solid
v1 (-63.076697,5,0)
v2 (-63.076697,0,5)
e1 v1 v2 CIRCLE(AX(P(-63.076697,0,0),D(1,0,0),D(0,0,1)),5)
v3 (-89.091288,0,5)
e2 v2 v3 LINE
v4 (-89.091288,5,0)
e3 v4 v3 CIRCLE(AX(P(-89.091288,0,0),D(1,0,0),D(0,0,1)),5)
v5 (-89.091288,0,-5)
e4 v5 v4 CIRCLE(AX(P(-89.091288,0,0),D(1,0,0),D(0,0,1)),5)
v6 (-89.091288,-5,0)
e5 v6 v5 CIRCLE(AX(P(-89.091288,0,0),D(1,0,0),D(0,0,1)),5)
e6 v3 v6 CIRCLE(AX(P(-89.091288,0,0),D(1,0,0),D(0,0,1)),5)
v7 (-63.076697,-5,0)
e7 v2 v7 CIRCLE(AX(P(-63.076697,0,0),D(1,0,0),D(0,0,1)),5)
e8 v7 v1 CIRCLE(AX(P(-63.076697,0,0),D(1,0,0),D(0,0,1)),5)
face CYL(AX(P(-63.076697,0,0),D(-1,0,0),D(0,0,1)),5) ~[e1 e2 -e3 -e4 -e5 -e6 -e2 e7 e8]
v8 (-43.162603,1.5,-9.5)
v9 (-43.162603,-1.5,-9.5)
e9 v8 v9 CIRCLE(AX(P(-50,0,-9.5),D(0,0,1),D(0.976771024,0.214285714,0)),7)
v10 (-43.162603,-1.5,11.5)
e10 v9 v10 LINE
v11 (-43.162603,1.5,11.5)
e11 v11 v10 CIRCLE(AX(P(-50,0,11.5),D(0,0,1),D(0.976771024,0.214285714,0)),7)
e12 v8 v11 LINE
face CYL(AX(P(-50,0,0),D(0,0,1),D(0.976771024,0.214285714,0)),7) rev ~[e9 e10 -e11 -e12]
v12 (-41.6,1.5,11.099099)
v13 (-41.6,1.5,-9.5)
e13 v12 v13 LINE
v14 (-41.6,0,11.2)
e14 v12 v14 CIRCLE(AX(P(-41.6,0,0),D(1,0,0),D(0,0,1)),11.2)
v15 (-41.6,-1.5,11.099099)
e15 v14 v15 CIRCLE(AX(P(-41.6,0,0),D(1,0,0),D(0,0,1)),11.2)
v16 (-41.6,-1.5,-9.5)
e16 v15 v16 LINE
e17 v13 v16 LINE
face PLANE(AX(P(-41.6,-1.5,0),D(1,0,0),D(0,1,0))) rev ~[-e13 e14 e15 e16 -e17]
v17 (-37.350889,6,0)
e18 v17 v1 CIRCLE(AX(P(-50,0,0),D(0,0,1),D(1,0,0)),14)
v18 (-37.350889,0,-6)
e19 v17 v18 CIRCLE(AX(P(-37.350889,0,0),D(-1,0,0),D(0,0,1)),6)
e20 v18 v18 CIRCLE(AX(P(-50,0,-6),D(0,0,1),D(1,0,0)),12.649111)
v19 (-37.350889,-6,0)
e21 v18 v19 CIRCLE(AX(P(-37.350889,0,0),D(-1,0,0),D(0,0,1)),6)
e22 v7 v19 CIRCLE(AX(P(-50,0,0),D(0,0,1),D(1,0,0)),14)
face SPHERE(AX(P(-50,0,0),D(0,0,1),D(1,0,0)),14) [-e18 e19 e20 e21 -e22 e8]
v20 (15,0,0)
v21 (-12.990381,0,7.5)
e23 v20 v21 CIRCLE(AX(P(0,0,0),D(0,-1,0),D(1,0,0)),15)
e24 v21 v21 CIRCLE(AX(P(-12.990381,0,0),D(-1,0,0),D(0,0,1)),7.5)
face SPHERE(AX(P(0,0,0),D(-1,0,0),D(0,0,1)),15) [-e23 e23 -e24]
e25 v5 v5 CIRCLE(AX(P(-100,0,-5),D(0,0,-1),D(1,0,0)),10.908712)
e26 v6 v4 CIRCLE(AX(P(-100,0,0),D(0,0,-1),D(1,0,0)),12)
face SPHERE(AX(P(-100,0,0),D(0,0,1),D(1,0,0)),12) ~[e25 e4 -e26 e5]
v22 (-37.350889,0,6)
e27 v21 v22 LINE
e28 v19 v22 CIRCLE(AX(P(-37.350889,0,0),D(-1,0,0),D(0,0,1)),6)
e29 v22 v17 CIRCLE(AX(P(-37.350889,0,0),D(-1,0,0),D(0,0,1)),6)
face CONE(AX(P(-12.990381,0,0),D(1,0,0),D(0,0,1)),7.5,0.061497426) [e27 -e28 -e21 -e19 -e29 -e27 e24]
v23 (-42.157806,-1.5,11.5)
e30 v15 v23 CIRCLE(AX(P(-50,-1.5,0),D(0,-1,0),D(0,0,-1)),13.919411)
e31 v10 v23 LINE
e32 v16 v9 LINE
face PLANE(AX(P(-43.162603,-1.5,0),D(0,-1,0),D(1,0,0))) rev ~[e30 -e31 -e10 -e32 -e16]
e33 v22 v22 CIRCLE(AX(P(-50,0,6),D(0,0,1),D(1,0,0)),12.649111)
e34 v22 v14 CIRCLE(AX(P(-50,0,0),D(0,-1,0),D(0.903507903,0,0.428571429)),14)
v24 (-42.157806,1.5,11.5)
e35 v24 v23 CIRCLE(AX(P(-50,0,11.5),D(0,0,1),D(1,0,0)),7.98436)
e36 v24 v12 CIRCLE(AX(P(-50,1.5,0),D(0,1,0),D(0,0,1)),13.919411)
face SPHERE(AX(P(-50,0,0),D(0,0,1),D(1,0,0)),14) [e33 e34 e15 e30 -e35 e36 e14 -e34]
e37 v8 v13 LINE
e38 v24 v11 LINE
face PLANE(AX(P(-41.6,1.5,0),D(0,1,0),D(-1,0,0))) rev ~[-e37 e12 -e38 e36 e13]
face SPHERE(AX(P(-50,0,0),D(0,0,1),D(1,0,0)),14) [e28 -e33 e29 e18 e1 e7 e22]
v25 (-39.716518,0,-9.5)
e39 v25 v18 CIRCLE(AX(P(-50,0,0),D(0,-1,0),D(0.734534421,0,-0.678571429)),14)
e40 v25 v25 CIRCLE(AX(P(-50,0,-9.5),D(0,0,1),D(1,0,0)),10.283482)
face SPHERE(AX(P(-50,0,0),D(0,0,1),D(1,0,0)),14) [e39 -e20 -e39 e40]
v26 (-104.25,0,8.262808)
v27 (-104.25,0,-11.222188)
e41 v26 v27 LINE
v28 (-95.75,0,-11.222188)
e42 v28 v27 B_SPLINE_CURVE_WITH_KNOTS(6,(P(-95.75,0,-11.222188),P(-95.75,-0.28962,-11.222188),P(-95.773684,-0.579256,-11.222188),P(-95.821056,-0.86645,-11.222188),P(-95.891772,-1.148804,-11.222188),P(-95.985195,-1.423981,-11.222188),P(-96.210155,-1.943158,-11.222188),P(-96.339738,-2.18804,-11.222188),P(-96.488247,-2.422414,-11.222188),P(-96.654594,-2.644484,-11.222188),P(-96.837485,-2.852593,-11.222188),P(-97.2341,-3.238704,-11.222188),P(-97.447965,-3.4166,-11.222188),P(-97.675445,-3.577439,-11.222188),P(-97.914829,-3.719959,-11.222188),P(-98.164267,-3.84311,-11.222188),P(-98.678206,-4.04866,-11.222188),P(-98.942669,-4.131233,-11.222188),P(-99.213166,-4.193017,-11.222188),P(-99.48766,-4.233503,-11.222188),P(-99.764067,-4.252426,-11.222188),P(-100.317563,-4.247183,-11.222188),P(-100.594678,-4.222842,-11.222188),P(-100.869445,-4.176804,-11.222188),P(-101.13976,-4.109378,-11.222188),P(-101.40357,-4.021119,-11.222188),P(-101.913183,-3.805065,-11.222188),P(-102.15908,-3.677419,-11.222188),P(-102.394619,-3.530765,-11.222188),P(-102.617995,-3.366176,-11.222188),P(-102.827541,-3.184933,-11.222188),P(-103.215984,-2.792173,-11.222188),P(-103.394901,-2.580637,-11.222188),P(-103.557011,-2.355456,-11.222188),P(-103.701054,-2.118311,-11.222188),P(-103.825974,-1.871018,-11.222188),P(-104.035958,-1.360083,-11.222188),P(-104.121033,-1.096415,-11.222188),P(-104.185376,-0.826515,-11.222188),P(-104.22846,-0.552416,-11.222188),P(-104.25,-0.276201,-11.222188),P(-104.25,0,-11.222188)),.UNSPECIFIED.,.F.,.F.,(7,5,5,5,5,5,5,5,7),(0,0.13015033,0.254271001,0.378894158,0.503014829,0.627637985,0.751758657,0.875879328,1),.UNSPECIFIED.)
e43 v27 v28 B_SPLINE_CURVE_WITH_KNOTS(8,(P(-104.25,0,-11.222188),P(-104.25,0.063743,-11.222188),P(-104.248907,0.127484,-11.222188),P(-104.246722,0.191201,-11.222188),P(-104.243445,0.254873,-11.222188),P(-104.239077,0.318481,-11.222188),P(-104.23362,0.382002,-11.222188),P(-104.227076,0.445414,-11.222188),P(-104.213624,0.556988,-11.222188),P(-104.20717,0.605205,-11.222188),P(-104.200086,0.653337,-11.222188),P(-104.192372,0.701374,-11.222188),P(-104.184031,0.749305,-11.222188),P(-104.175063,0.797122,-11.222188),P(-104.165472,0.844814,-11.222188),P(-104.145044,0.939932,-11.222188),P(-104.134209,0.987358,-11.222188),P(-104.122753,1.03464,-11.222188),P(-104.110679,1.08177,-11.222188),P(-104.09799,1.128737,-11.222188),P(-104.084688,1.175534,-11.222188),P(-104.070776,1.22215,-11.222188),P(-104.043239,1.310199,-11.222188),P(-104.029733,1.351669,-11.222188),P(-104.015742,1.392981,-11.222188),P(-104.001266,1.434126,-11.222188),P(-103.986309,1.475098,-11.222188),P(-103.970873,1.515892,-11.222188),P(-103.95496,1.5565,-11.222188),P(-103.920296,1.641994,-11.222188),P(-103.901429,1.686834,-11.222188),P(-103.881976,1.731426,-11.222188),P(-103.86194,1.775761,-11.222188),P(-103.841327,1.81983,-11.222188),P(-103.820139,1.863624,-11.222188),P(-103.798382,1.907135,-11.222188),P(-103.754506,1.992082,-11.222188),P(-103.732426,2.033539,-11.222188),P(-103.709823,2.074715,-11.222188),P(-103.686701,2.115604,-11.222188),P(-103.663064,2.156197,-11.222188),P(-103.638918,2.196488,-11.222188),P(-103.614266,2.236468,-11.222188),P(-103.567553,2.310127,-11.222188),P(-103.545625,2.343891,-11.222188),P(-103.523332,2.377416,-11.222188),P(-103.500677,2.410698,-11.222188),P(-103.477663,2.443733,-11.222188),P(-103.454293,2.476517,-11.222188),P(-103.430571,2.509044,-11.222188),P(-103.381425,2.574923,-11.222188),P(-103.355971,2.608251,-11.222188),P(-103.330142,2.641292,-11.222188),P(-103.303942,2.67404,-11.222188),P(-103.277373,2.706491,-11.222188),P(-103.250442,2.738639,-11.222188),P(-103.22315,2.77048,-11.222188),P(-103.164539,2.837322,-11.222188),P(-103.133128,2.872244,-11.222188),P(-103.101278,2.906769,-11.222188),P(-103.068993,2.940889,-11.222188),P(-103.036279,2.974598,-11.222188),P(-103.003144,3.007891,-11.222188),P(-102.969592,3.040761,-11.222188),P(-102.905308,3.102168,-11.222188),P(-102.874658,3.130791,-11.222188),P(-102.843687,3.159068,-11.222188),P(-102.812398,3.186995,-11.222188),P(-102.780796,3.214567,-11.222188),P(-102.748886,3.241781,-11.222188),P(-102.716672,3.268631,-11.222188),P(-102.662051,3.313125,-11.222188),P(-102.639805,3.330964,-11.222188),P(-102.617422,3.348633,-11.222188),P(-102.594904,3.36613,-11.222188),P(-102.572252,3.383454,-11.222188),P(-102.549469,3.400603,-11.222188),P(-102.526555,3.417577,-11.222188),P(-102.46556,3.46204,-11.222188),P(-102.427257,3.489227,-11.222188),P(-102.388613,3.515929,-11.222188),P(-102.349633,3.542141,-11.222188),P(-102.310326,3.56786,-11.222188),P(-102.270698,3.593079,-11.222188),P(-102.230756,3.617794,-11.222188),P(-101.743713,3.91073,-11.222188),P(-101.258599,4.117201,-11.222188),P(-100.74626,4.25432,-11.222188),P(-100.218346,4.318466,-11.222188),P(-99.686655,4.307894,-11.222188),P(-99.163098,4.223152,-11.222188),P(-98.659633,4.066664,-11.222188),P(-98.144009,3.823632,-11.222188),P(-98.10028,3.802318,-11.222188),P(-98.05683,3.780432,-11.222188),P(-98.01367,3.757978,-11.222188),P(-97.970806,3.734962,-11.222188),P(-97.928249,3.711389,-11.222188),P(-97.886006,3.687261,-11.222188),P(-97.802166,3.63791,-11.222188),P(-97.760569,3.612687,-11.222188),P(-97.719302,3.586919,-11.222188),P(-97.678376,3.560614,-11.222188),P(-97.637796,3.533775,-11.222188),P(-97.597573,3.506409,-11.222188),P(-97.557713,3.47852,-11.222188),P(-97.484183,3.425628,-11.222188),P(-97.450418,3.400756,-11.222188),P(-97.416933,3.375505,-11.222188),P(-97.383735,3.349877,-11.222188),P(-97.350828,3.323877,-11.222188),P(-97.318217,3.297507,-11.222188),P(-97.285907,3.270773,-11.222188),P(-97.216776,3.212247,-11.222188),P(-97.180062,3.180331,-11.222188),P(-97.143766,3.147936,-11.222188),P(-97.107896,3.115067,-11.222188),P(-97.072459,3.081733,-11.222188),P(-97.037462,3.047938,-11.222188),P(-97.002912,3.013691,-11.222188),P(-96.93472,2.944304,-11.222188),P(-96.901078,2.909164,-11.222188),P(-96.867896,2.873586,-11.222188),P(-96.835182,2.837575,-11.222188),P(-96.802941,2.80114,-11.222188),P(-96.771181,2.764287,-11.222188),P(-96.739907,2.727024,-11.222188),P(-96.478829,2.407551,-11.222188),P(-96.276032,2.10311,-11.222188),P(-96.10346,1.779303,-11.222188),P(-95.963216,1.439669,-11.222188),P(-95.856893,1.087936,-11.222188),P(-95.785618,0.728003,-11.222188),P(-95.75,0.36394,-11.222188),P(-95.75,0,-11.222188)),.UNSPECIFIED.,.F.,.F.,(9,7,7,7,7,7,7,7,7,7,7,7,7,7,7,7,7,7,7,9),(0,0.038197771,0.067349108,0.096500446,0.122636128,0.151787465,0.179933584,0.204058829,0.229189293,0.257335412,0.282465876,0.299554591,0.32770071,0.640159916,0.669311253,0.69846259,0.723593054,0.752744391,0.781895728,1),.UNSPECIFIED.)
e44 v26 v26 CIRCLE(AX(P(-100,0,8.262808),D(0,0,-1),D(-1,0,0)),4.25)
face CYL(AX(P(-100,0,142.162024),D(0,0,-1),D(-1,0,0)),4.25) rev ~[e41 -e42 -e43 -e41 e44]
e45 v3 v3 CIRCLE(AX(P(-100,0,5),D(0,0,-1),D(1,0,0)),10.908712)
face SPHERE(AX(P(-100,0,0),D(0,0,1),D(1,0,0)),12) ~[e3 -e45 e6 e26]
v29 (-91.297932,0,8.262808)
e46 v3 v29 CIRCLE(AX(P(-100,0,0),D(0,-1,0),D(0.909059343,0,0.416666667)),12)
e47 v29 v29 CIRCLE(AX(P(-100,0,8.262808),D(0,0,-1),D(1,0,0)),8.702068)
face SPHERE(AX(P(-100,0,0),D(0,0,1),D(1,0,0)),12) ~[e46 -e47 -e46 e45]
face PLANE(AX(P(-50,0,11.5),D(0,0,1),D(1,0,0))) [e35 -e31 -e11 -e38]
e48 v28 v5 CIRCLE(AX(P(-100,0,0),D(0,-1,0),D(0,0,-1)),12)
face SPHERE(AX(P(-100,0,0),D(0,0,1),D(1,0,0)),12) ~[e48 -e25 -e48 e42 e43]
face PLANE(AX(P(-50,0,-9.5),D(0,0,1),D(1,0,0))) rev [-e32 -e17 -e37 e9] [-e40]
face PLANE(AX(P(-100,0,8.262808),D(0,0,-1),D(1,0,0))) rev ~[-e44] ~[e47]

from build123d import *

# Parameters (mm, degrees)
F6_DEPTH = 15
F8_D     = 8.5


with BuildPart() as f2:
    # F0 (on Front) → F2 (revolve)
    with BuildSketch(Plane.XZ):
        with BuildLine():
            Line((-15, 0), (15, 0))
            ThreePointArc((15, 0), (3.8822856765, 14.4888873943), (-12.9903810568, 7.5))
            ThreePointArc((-12.9903810568, 7.5), (-14.4888873943, 3.8822856765), (-15, 0))
        make_face()
        with BuildLine():
            ThreePointArc((-15, 0), (-14.4888873943, 3.8822856765), (-12.9903810568, 7.5))
            Line((-12.9903810568, 7.5), (-37.3508893593, 6))
            ThreePointArc((-37.3508893593, 6), (-36.3418971125, 3.0750976432), (-36, 0))
            Line((-36, 0), (-15, 0))
        make_face()
    revolve(axis=Axis((-10.5, 0, 0), (-1, 0, 0)))

    # F0 (on Front) → F3 (revolve)
    with BuildSketch(Plane.XZ):
        with BuildLine():
            ThreePointArc((-36, 0), (-36.3418971125, 3.0750976432), (-37.3508893593, 6))
            ThreePointArc((-37.3508893593, 6), (-39.3230376655, 9.0555218131), (-42.0156402887, 11.5))
            Line((-42.0156402887, 11.5), (-50, 11.5))
            Line((-50, 11.5), (-50, -9.5))
            Line((-50, -9.5), (-39.7165180994, -9.5))
            ThreePointArc((-39.7165180994, -9.5), (-38.4009289093, -7.8397416943), (-37.3508893593, -6))
            ThreePointArc((-37.3508893593, -6), (-36.3418971125, -3.0750976432), (-36, 0))
        make_face()
    revolve(axis=Axis((-50, 0, 1), (0, 0, 1)))

    # F0 (on Front) → F4 (revolve)
    with BuildSketch(Plane.XZ):
        with BuildLine():
            ThreePointArc((-64, 0), (-63.7672392953, 2.542267135), (-63.0766968306, 5))
            Line((-63.0766968306, 5), (-89.0912878854, 5))
            ThreePointArc((-89.0912878854, 5), (-88.2759958765, 2.5588527336), (-88, 0))
            Line((-88, 0), (-64, 0))
        make_face()
    revolve(axis=Axis((-76, 0, 0), (1, 0, 0)))

    # F0 (on Front) → F5 (revolve)
    with BuildSketch(Plane.XZ):
        with BuildLine():
            ThreePointArc((-88, 0), (-88.2759958765, 2.5588527336), (-89.0912878854, 5))
            ThreePointArc((-89.0912878854, 5), (-90.0598209908, 6.7225621057), (-91.2979315152, 8.2628084866))
            Line((-91.2979315152, 8.2628084866), (-100, 8.2628084866))
            Line((-100, 8.2628084866), (-100, -12))
            ThreePointArc((-100, -12), (-93.5192593016, -10.0995049384), (-89.0912878854, -5))
            ThreePointArc((-89.0912878854, -5), (-88.2759958765, -2.5588527336), (-88, 0))
        make_face()
    revolve(axis=Axis((-100, 0, -1.8685957567), (0, 0, -1)))

    # F1 (on Top) → F6 (cut, symmetric)
    with BuildSketch(Plane.XY):
        with BuildLine():
            Line((-41.6, 1.5), (-43.1626028344, 1.5))
            ThreePointArc((-43.1626028344, 1.5), (-57, 0), (-43.1626028344, -1.5))
            Line((-43.1626028344, -1.5), (-41.6, -1.5))
            Line((-41.6, -1.5), (-41.6, 1.5))
        make_face()
    extrude(amount=F6_DEPTH, both=True, mode=Mode.SUBTRACT)

    # F8 (through all)
    with Locations(Plane.XY.offset(8.2628084866)):
        with Locations((-100, 0)):
            Hole(F8_D / 2)


solid = f2.part
